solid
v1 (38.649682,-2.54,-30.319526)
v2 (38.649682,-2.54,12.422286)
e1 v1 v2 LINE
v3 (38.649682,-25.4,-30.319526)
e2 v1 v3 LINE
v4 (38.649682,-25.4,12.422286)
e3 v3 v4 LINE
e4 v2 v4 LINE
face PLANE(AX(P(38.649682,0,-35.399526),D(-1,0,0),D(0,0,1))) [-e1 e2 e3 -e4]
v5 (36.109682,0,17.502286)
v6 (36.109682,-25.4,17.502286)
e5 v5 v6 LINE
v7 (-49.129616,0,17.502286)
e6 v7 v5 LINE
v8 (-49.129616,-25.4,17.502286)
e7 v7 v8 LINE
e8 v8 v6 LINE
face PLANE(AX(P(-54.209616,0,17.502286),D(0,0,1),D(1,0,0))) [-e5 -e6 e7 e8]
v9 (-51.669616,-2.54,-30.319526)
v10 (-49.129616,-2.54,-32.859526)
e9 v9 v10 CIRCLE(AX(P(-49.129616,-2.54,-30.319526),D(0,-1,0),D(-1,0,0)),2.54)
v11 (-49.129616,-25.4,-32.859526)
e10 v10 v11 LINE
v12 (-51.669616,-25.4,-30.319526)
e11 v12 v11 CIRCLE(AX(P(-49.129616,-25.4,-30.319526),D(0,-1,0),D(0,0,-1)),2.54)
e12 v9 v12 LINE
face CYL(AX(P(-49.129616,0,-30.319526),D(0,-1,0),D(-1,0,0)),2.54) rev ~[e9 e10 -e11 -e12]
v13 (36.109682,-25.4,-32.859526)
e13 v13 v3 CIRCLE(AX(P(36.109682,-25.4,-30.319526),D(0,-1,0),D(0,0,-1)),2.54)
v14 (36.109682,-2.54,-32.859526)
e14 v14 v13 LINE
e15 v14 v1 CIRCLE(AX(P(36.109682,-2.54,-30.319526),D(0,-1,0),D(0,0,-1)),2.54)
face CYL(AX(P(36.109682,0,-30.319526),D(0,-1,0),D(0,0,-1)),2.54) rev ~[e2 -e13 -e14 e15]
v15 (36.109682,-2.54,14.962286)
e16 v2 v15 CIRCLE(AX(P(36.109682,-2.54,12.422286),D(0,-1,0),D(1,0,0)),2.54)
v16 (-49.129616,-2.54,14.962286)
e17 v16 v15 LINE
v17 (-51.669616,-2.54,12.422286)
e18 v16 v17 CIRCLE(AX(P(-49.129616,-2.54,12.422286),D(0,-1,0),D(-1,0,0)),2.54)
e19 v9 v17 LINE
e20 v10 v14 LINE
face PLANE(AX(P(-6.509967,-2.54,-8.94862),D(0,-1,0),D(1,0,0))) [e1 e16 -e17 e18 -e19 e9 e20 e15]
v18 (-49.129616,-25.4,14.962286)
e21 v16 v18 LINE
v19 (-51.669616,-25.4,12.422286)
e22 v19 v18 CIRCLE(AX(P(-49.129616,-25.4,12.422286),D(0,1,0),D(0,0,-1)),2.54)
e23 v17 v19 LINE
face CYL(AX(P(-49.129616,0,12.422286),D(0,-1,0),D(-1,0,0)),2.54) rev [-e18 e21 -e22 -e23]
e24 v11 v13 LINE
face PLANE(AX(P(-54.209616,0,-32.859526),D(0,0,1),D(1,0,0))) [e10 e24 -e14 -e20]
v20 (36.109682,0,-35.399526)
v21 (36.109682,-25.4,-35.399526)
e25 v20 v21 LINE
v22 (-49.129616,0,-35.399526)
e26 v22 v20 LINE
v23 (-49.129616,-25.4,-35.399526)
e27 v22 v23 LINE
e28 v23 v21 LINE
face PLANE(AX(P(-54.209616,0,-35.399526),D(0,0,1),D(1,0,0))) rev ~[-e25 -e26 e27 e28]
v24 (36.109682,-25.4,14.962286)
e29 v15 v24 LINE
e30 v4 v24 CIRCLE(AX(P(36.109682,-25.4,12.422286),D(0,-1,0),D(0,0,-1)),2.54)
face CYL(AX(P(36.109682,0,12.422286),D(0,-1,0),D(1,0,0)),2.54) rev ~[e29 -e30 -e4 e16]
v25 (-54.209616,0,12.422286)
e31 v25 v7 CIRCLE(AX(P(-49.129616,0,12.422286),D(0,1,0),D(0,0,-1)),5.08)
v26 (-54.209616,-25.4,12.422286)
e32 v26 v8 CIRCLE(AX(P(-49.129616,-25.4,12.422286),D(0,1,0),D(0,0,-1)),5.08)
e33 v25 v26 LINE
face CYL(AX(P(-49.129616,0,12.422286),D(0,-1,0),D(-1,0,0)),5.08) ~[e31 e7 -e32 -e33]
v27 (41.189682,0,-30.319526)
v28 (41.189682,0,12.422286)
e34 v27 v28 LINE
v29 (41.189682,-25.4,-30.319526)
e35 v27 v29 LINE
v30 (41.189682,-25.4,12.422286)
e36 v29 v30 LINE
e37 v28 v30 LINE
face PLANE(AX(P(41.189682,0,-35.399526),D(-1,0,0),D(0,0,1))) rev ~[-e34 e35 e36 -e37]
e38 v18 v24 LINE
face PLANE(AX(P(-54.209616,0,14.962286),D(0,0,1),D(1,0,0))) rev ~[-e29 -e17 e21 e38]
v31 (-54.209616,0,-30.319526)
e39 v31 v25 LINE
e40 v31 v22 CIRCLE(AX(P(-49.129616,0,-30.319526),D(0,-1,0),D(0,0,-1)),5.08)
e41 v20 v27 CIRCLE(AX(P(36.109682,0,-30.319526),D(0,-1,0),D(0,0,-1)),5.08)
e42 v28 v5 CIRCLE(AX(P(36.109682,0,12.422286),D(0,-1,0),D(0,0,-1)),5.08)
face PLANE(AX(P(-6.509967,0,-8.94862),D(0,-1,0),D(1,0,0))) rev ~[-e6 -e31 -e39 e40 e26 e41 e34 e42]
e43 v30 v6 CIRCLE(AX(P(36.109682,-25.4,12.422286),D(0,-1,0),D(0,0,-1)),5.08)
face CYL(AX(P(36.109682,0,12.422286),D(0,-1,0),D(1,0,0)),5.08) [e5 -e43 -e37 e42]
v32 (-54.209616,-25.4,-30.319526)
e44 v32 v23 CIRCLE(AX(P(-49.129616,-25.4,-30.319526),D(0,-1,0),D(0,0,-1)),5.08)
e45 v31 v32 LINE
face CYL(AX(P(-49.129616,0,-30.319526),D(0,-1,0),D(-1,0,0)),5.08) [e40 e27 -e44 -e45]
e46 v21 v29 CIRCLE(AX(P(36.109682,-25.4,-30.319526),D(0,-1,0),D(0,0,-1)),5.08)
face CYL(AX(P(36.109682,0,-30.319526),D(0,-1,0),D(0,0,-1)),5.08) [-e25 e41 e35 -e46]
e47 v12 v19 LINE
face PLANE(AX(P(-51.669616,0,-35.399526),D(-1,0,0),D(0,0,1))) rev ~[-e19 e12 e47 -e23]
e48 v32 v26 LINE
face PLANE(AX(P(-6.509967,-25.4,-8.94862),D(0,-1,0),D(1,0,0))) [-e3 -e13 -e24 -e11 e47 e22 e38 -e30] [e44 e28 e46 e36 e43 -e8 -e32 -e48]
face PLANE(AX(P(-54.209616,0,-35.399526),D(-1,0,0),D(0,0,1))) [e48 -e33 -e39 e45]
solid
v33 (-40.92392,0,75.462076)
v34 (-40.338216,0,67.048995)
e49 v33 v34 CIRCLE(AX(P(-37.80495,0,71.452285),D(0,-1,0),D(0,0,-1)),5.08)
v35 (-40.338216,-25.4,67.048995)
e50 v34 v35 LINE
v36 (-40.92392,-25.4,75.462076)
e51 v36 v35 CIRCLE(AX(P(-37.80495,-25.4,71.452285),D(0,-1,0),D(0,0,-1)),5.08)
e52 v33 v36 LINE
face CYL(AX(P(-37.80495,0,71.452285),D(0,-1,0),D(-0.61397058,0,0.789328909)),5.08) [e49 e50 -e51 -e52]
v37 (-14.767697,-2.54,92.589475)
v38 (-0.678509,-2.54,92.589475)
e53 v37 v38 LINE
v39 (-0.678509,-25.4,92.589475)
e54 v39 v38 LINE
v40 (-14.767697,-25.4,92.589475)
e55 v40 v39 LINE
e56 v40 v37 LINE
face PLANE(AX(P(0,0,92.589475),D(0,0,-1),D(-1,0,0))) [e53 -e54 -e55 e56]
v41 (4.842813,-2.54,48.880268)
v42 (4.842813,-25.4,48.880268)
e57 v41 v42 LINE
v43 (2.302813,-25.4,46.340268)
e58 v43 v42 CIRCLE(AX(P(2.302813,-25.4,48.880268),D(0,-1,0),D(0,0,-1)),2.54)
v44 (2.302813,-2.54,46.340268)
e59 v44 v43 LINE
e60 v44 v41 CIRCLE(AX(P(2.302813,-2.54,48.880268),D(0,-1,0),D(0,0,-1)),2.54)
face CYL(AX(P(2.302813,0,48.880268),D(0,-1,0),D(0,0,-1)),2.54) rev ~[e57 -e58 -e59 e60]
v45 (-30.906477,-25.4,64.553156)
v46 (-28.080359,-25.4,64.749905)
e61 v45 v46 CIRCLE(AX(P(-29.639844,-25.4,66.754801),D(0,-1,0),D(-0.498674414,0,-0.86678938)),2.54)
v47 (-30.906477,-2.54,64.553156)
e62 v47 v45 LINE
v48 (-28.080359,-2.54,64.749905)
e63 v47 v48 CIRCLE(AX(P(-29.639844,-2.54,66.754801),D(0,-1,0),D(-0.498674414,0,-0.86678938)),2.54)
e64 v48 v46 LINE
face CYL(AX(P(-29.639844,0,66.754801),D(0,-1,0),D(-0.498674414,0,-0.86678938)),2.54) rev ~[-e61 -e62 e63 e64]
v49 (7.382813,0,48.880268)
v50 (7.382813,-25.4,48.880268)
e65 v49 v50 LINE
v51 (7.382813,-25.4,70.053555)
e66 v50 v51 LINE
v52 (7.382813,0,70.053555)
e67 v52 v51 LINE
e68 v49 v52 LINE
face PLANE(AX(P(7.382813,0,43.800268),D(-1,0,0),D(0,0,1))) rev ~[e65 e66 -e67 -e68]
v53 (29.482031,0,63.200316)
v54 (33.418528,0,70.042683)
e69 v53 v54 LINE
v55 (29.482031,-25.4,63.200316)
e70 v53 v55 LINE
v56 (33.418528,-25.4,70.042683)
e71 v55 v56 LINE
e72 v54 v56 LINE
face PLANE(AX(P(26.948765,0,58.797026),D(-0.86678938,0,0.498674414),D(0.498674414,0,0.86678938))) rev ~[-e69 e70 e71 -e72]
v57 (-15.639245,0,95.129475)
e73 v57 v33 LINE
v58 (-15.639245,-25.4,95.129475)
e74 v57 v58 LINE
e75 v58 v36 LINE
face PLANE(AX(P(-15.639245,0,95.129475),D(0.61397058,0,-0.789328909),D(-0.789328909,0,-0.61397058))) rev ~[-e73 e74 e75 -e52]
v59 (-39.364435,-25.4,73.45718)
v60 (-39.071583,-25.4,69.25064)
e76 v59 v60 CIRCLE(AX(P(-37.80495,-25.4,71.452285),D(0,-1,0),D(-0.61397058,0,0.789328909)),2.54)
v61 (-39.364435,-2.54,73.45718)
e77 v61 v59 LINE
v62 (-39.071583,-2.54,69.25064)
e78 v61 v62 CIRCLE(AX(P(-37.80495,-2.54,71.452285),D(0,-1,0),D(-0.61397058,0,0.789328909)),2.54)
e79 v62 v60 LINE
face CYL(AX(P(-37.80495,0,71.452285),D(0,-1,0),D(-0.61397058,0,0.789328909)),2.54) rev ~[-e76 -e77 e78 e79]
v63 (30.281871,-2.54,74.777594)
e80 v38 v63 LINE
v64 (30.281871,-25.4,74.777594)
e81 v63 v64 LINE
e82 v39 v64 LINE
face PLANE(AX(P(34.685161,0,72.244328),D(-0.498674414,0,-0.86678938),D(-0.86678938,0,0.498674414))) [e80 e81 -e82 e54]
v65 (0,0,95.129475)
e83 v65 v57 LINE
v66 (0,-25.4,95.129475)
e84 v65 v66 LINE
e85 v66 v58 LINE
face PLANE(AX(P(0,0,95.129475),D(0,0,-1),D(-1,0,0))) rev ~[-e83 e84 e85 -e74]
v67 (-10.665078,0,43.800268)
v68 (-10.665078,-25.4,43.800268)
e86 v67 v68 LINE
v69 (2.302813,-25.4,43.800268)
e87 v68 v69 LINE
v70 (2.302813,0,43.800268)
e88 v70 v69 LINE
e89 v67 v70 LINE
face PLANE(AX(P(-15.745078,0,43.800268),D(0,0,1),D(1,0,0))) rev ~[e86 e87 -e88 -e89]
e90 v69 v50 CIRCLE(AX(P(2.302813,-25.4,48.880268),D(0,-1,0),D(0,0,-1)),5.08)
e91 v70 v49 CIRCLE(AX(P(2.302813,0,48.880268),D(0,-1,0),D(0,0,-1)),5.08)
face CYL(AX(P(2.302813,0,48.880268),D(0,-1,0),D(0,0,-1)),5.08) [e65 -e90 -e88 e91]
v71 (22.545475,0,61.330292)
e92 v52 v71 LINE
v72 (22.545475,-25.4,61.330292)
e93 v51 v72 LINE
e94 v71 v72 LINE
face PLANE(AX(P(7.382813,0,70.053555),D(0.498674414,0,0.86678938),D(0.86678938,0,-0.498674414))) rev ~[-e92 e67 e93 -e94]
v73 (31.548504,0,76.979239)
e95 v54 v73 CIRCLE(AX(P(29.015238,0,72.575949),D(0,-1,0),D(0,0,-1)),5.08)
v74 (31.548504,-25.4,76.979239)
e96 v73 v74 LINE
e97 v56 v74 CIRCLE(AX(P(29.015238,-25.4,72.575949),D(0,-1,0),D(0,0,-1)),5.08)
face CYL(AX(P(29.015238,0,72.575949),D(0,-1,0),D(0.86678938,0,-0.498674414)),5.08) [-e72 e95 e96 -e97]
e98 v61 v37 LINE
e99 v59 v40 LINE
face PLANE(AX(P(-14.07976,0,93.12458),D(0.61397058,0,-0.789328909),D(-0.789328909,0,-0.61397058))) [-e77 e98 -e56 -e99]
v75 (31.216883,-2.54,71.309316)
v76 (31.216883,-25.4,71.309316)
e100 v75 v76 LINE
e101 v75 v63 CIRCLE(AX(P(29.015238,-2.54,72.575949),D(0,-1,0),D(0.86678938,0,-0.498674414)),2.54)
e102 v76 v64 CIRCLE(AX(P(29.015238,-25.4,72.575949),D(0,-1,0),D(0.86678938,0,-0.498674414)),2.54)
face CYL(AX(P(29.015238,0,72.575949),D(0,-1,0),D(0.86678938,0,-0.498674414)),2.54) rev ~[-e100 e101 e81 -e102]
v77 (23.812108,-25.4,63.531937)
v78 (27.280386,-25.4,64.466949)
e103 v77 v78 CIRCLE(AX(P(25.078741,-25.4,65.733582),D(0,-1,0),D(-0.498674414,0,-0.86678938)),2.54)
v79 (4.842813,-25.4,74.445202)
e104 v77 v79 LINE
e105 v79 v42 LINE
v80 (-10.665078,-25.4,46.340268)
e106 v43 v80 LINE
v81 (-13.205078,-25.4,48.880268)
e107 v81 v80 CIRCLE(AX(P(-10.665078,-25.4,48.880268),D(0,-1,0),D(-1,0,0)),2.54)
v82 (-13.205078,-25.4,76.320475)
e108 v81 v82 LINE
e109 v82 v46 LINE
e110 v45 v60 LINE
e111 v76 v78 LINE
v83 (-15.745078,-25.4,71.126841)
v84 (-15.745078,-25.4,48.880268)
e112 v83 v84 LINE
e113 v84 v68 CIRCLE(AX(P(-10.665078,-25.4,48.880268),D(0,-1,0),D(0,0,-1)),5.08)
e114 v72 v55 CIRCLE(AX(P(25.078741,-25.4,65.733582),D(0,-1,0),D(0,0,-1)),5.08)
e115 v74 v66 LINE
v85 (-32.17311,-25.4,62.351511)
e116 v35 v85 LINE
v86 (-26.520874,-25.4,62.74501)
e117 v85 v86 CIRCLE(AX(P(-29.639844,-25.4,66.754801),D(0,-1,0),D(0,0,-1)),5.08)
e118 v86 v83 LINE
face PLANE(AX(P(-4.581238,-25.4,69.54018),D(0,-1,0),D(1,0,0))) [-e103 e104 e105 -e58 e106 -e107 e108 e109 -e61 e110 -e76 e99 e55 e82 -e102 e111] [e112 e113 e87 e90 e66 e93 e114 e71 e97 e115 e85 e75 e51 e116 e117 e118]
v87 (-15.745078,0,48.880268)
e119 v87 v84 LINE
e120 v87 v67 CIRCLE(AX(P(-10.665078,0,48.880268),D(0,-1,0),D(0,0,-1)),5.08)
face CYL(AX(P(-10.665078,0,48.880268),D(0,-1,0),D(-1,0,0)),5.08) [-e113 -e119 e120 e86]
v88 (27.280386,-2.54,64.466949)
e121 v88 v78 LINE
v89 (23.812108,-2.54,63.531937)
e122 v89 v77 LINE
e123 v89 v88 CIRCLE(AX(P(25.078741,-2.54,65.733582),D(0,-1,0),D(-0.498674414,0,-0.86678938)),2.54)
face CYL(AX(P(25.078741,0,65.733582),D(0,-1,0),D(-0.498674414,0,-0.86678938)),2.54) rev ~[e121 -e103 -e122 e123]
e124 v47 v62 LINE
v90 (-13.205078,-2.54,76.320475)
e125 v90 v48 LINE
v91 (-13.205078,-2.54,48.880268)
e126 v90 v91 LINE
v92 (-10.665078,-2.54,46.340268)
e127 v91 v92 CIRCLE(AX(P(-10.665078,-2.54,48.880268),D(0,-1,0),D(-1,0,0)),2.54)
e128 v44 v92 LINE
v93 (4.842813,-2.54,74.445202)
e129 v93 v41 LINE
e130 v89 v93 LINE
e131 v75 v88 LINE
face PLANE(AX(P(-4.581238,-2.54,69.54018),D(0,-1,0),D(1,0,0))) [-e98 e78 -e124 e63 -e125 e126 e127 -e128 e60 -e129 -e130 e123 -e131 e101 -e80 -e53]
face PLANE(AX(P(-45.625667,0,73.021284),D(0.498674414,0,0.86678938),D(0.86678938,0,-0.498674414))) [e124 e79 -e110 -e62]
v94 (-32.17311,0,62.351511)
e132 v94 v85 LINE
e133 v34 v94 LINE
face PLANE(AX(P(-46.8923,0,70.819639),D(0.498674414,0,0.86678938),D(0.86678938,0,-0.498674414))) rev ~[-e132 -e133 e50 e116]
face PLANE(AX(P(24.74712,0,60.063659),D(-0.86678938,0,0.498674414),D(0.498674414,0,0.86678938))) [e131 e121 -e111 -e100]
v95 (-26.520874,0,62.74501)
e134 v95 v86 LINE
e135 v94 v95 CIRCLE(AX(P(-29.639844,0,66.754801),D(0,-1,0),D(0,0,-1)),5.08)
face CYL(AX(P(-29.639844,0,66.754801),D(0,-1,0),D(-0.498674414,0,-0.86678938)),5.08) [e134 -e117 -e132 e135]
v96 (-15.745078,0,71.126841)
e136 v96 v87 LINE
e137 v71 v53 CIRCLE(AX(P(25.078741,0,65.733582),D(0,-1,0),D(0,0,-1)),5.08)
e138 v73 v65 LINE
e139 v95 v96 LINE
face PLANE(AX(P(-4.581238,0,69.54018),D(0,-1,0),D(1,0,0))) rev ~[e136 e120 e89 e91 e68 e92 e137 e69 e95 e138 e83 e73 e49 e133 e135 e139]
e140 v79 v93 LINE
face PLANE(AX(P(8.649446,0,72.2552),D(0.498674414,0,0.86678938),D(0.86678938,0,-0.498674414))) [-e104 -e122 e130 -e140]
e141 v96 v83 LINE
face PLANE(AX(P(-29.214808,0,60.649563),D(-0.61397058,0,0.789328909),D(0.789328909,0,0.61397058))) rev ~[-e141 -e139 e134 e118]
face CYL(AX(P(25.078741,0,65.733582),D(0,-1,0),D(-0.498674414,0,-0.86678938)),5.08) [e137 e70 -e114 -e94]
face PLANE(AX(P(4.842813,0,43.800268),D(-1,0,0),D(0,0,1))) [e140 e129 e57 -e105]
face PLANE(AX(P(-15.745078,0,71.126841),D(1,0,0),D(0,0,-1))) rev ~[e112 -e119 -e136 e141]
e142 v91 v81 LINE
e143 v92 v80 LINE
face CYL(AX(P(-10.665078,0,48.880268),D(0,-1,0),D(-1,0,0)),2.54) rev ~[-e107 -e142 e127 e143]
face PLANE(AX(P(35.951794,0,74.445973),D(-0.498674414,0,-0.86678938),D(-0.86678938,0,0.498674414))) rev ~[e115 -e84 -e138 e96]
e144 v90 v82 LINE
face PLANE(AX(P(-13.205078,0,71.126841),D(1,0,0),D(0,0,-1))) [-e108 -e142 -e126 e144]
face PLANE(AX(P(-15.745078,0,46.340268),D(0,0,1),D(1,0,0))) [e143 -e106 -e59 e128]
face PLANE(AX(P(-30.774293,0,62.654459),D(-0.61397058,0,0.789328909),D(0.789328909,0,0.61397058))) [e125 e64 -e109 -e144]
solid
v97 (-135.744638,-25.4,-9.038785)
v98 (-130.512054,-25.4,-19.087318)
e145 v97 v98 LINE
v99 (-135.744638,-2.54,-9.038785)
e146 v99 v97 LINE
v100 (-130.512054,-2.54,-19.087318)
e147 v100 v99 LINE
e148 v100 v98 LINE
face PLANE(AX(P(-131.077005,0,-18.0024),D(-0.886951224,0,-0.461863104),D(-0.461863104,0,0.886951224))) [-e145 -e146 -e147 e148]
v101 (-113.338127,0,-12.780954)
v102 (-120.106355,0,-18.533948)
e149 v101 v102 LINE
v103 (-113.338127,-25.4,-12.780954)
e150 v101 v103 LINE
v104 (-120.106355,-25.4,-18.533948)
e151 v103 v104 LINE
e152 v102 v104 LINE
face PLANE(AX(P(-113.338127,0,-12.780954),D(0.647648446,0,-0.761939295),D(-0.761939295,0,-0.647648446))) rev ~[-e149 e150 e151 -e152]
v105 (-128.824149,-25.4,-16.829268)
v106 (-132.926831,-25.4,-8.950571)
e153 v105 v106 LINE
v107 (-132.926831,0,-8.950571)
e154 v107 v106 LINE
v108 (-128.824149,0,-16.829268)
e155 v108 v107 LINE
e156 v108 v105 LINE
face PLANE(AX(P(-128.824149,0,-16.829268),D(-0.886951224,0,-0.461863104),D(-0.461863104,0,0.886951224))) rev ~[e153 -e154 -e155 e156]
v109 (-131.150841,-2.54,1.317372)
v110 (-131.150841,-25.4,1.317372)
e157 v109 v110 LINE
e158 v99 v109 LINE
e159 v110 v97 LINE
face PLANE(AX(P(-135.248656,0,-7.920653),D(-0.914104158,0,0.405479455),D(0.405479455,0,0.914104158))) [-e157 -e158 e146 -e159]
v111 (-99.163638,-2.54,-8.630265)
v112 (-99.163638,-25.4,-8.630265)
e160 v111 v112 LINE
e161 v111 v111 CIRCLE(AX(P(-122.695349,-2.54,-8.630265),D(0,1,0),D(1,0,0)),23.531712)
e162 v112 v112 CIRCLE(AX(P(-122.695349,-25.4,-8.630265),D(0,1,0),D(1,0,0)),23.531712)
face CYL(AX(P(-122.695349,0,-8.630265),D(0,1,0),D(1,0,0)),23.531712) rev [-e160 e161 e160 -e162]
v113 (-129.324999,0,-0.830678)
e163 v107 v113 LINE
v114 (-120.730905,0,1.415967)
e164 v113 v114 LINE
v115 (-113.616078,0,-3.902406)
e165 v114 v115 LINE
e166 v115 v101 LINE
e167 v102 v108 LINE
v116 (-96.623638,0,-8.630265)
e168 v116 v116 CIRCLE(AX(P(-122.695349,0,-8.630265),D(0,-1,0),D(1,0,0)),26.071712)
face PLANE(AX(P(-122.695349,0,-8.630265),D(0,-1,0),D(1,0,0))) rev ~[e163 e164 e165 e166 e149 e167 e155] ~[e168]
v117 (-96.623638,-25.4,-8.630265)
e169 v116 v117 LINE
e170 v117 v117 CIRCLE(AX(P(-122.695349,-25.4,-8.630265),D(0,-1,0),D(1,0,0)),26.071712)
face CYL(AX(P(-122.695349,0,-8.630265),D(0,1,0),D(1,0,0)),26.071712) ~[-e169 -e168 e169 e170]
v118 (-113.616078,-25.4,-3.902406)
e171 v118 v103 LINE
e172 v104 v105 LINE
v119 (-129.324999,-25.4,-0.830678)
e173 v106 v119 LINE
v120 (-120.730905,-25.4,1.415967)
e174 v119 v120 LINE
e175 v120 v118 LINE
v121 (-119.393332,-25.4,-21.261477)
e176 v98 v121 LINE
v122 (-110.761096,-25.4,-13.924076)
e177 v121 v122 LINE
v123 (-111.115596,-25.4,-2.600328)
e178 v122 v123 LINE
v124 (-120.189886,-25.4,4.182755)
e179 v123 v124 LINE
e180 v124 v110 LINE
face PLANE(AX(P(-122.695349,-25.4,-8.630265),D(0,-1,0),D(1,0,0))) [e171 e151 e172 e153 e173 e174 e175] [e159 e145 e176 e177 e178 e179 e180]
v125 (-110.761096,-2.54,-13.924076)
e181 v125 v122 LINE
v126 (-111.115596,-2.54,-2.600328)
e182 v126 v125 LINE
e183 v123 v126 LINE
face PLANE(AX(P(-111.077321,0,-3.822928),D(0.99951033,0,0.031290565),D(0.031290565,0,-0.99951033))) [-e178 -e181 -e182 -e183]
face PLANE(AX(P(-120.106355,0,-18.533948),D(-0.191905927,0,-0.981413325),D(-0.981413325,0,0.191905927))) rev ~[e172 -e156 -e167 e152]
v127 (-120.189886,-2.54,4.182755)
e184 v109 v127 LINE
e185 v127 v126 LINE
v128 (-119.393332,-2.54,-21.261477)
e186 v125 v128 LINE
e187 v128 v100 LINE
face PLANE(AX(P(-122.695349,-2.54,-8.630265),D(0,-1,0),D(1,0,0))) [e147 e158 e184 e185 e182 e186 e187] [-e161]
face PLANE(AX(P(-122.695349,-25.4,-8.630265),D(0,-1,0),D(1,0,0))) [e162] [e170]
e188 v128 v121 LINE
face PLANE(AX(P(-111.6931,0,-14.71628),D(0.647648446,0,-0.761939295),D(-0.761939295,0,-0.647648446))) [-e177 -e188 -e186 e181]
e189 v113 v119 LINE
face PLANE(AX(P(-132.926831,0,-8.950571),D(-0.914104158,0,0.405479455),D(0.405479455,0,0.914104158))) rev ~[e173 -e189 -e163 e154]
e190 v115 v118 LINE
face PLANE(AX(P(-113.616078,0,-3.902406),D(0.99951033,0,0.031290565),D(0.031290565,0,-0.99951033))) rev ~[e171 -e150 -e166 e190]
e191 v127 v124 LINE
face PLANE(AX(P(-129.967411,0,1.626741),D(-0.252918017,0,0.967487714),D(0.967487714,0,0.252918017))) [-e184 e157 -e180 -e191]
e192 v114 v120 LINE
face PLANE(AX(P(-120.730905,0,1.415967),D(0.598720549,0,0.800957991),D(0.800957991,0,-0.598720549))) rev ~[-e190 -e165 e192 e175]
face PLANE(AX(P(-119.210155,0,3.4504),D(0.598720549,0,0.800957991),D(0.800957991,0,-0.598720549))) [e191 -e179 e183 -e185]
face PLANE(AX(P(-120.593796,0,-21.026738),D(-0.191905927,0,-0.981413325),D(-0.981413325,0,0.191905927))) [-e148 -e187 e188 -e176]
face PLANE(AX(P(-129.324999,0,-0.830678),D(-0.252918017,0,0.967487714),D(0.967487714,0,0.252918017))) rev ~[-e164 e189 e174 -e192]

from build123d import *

# Parameters (mm, degrees)
F0_W     = 95.3992977738
F0_H     = 52.9018118978
F1_DEPTH = 25.4
F0_R     = 26.0717116196
F2_R     = 5.08
F2_2_R   = 5.08
F3_T     = -2.54
F3_2_T   = -2.54
F3_3_T   = -2.54


with BuildPart() as f1:
    # F0 (on Front) → F1 (new body)
    with BuildSketch(Plane.XZ):
        with Locations((-6.5099671483, -8.9486204088)):
            Rectangle(F0_W, F0_H)
    extrude(amount=F1_DEPTH)

    # F2
    f2_edges = [f1.edges().sort_by_distance(p)[0] for p in [
        (41.189682, -12.7, 17.502286),
        (-54.209616, -12.7, 17.502286),
        (41.189682, -12.7, -35.399526),
        (-54.209616, -12.7, -35.399526),
    ]]
    fillet(f2_edges, radius=F2_R)

    # F3
    f3_openings = [f1.faces().sort_by_distance(p)[0] for p in [
        (-6.509967, -25.4, -8.94862),
    ]]
    offset(amount=F3_T, openings=f3_openings)


with BuildPart() as f1b:
    # F0 (on Front) → F1, piece 2 (new body)
    with BuildSketch(Plane.XZ):
        Polygon((-15.7450778402, 71.1268408825), (-15.7450778402, 43.8002683285), (7.3828132831, 43.8002683285), (7.3828132831, 70.0535550776), (26.9487652202, 58.7970262781), (35.9517936882, 74.4459732518), (0, 95.1294749975), (-15.639244779, 95.1294749975), (-46.8923002481, 70.8196386695), (-29.2148078451, 60.6495634807), align=None)
    extrude(amount=F1_DEPTH)

    # F2#2
    f2_2_edges = [f1b.edges().sort_by_distance(p)[0] for p in [
        (-15.745078, -12.7, 43.800268),
        (7.382813, -12.7, 43.800268),
        (-29.214808, -12.7, 60.649563),
        (-46.8923, -12.7, 70.819639),
        (26.948765, -12.7, 58.797026),
        (35.951794, -12.7, 74.445973),
    ]]
    fillet(f2_2_edges, radius=F2_2_R)

    # F3#2
    f3_2_openings = [f1b.faces().sort_by_distance(p)[0] for p in [
        (-4.405798, -25.4, 71.992638),
    ]]
    offset(amount=F3_2_T, openings=f3_2_openings, kind=Kind.INTERSECTION)


with BuildPart() as f1c:
    # F0 (on Front) → F1, piece 3 (new body)
    with BuildSketch(Plane.XZ):
        with Locations((-122.6953491569, -8.6302654818)):
            Circle(F0_R)
        Polygon((-113.6160777227, -3.9024062982), (-113.338126855, -12.7809537413), (-120.1063552331, -18.5339482663), (-128.8241488417, -16.8292676563), (-132.9268312828, -8.9505711797), (-129.3249989989, -0.8306779795), (-120.7309051638, 1.4159667489), align=None, mode=Mode.SUBTRACT)
    extrude(amount=F1_DEPTH)

    # F3#3
    f3_3_openings = [f1c.faces().sort_by_distance(p)[0] for p in [
        (-148.029641, -25.4, -8.630265),
    ]]
    offset(amount=F3_3_T, openings=f3_3_openings, kind=Kind.INTERSECTION)


solid = Compound([f1.part, f1b.part, f1c.part])
